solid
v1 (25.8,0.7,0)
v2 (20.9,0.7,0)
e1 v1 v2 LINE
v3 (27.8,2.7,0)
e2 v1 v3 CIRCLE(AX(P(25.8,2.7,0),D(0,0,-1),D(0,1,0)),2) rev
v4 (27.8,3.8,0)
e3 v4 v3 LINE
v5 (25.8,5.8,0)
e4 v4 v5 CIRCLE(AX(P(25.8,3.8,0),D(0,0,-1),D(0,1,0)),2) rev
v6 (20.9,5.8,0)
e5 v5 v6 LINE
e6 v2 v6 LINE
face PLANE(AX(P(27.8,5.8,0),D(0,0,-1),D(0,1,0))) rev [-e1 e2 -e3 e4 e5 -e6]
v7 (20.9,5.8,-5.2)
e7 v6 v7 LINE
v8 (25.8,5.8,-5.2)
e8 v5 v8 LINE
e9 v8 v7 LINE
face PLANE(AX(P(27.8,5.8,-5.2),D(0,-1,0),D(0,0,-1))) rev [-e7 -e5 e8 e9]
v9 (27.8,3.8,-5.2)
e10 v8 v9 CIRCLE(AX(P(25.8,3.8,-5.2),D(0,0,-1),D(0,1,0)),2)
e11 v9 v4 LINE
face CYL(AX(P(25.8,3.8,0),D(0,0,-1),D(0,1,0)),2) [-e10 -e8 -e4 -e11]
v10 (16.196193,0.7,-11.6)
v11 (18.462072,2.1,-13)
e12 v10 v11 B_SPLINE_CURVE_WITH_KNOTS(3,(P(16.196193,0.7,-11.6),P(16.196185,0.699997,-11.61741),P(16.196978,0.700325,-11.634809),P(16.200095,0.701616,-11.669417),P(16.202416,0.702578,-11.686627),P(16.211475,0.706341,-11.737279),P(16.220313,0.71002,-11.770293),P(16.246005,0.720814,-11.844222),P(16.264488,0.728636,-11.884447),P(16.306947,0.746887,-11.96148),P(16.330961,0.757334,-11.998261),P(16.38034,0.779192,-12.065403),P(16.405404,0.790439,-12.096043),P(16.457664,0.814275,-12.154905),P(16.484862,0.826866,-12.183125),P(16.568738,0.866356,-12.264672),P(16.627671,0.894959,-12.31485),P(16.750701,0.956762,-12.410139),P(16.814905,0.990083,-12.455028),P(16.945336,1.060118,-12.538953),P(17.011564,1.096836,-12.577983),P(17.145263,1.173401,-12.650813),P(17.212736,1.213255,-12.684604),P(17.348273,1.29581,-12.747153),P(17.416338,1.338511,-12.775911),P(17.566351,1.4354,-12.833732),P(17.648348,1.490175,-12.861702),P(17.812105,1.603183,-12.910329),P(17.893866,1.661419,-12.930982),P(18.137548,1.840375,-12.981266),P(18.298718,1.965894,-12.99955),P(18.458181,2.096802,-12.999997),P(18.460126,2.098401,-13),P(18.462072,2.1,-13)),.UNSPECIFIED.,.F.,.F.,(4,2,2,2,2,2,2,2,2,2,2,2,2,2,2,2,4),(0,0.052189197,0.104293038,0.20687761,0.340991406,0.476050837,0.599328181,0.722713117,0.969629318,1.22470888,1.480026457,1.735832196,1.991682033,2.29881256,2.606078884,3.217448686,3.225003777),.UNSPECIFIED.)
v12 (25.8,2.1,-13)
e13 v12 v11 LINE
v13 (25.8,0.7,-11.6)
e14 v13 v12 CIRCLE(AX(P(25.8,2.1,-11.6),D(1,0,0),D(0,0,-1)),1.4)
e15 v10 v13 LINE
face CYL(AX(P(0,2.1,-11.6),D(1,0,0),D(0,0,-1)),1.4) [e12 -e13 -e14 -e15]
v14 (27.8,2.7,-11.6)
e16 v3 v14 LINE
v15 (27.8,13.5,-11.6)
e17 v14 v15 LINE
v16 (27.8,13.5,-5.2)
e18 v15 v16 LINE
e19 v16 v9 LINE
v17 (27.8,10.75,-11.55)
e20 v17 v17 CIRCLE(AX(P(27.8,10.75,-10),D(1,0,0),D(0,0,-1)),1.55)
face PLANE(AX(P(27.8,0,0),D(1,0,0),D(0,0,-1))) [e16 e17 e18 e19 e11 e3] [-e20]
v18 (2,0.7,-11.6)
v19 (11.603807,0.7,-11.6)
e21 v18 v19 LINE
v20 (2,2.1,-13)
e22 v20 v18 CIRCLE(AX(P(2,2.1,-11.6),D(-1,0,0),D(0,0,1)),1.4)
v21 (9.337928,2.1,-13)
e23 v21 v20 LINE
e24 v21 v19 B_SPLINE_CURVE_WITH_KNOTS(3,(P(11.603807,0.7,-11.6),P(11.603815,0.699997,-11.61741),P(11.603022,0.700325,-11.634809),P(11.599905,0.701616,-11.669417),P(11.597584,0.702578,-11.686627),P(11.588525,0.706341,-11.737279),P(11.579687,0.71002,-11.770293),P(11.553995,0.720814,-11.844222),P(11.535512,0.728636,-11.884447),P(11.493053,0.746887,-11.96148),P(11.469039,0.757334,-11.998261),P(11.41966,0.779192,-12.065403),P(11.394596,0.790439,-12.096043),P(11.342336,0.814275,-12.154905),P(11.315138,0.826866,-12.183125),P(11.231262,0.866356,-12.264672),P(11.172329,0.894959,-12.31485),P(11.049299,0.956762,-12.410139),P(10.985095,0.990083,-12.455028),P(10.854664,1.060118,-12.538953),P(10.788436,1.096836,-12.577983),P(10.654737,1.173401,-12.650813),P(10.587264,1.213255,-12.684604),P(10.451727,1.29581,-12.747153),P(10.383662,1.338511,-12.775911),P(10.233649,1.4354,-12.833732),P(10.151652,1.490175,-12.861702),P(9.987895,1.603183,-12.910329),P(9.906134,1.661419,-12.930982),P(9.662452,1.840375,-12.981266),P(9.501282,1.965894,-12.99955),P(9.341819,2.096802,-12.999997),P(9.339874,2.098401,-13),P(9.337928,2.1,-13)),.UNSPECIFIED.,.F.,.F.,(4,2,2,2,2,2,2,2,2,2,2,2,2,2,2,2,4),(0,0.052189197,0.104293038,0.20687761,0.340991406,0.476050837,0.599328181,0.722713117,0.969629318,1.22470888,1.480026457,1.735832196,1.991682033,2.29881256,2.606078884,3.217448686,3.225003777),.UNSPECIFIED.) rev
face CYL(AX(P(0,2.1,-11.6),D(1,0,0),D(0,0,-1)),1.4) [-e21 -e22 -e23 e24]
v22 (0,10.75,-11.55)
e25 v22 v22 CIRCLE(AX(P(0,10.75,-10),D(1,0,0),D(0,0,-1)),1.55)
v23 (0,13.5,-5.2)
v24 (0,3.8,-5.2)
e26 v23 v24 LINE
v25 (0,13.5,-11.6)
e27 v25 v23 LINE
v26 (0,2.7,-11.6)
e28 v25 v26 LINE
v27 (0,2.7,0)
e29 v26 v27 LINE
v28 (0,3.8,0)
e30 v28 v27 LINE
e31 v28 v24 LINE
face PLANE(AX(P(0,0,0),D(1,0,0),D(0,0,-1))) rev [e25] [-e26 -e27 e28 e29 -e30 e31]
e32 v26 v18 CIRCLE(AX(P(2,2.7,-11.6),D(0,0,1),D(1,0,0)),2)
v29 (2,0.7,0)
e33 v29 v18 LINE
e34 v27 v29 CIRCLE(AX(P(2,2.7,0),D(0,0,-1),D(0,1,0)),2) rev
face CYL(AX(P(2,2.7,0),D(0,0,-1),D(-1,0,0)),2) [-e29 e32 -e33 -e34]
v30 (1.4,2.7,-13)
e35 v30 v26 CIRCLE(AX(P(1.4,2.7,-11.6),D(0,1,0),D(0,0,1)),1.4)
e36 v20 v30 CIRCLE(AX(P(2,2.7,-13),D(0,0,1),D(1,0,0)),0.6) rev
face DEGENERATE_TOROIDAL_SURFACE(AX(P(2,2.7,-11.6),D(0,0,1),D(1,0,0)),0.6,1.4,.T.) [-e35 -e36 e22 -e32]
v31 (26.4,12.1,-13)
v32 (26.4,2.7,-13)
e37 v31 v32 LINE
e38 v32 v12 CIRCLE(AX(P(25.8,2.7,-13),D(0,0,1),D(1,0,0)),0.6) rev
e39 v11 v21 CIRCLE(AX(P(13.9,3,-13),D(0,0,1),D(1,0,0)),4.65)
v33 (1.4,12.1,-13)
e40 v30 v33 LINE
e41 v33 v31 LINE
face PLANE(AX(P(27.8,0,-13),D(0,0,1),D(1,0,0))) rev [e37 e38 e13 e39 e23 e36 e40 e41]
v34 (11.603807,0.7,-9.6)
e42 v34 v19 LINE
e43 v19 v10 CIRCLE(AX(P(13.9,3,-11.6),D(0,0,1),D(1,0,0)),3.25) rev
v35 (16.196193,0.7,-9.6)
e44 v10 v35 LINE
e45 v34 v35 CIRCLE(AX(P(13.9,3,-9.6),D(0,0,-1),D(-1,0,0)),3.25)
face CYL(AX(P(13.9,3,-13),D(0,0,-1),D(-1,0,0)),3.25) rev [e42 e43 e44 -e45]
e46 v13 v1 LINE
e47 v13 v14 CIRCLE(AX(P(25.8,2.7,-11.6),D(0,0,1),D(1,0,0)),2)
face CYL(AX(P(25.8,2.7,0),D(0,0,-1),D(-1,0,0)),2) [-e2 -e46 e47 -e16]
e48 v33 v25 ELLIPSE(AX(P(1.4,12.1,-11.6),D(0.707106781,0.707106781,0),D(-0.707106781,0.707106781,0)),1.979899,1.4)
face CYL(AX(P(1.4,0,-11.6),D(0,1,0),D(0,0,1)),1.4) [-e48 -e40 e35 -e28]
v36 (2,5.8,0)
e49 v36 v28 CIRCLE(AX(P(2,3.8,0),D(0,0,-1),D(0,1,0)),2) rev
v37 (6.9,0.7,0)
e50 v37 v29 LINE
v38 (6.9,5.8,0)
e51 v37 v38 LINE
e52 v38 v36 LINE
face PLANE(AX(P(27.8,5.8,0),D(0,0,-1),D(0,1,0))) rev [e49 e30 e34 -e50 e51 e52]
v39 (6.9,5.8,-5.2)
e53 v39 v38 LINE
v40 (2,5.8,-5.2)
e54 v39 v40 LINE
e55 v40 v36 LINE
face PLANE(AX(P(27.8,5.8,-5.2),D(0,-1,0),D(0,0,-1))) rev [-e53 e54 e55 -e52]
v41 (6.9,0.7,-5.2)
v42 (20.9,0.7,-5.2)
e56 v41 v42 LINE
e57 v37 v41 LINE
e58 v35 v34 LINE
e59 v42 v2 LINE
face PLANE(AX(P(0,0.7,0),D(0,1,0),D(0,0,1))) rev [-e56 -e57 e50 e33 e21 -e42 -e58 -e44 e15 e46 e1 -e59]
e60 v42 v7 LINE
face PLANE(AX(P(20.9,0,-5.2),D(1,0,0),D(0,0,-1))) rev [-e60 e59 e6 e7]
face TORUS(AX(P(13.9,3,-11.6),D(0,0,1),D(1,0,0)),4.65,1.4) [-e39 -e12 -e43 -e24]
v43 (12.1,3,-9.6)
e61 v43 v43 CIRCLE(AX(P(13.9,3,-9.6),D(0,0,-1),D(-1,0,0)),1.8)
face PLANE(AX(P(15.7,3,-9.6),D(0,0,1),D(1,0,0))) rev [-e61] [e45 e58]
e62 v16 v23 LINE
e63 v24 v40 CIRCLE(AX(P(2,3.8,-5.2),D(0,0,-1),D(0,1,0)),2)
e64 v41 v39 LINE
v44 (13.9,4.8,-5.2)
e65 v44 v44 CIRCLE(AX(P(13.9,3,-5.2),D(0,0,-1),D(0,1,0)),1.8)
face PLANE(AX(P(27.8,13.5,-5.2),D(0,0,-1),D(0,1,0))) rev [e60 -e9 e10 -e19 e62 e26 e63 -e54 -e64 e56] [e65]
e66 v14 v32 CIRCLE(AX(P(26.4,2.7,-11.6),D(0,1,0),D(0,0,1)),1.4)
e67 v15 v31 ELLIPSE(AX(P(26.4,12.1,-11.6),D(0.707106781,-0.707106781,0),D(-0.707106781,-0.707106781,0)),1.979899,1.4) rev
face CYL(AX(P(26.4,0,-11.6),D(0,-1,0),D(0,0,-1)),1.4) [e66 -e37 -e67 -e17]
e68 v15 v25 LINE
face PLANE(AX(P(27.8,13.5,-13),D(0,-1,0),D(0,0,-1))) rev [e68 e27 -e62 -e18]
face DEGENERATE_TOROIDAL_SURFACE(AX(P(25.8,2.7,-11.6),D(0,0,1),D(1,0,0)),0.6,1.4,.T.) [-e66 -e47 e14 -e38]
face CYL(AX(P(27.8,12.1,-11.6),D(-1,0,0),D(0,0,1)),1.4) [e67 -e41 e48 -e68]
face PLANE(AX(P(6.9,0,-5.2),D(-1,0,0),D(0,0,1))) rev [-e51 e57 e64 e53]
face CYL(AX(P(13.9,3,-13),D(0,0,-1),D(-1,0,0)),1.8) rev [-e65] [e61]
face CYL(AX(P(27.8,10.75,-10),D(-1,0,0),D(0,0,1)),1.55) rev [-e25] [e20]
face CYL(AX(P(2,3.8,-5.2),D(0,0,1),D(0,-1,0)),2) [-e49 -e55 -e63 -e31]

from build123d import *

# Parameters (mm, degrees)
SKETCH1_R                                           = 1.55
BOSS_EXTRUDE1_DEPTH                                 = 27.8
SKETCH2_W                                           = 14
SKETCH2_H                                           = 5.2
CUT_EXTRUDE1_DEPTH                                  = 6.8
CBORE_FOR_M3_HEX_SOCKET_HEAD_CAP_SCREW1_D           = 3.6
CBORE_FOR_M3_HEX_SOCKET_HEAD_CAP_SCREW1_CBORE_D     = 6.5
CBORE_FOR_M3_HEX_SOCKET_HEAD_CAP_SCREW1_CBORE_DEPTH = 3.4
SKETCH6_W                                           = 27.8
SKETCH6_H                                           = 13
CUT_EXTRUDE2_DEPTH                                  = 0.7
FILLET1_R                                           = 2
FILLET2_R                                           = 1.4


with BuildPart() as part:
    # Sketch1 → Boss-Extrude1 (new body)
    with BuildSketch(Plane(origin=(0, 0, 0), x_dir=(0, 0, -1), z_dir=(1, 0, 0))):
        Polygon((0, 0), (13, 0), (13, 13.5), (5.2, 13.5), (5.2, 5.8), (0, 5.8), align=None)
        with Locations((10, 10.75)):
            Circle(SKETCH1_R, mode=Mode.SUBTRACT)
    extrude(amount=BOSS_EXTRUDE1_DEPTH)

    # Sketch2 → Cut-Extrude1 (cut, through all)
    with BuildSketch(Plane(origin=(0, 5.8, 0), x_dir=(1, 0, 0), z_dir=(0, 1, 0))):
        with Locations((13.9, 2.6)):
            Rectangle(SKETCH2_W, SKETCH2_H)
    extrude(amount=-CUT_EXTRUDE1_DEPTH, mode=Mode.SUBTRACT)

    # CBORE for M3 Hex Socket Head Cap Screw1 (through all)
    with Locations(Plane(origin=(0, 0, -13), x_dir=(-1, 0, 0), z_dir=(0, 0, -1))):
        with Locations((-13.9, 3)):
            CounterBoreHole(CBORE_FOR_M3_HEX_SOCKET_HEAD_CAP_SCREW1_D / 2, CBORE_FOR_M3_HEX_SOCKET_HEAD_CAP_SCREW1_CBORE_D / 2, CBORE_FOR_M3_HEX_SOCKET_HEAD_CAP_SCREW1_CBORE_DEPTH)

    # Sketch6 → Cut-Extrude2 (cut)
    with BuildSketch(Plane.XZ):
        with Locations((13.9, -6.5)):
            Rectangle(SKETCH6_W, SKETCH6_H)
    extrude(amount=-CUT_EXTRUDE2_DEPTH, mode=Mode.SUBTRACT)

    # Fillet1
    fillet1_edges = [part.edges().sort_by_distance(p)[0] for p in [
        (27.8, 5.8, -2.6),
        (0, 0.7, -6.5),
        (27.8, 0.7, -6.5),
        (0, 5.8, -2.6),
    ]]
    fillet(fillet1_edges, radius=FILLET1_R)

    # Fillet2
    fillet2_edges = [part.edges().sort_by_distance(p)[0] for p in [
        (6.80190375, 0.7, -13),
        (0, 8.1, -13),
        (0.585786438, 1.285786438, -13),
        (27.214213562, 1.285786438, -13),
        (13.9, 13.5, -13),
        (13.9, 6.25, -13),
        (20.99809625, 0.7, -13),
        (27.8, 8.1, -13),
    ]]
    fillet(fillet2_edges, radius=FILLET2_R)


solid = part.part
